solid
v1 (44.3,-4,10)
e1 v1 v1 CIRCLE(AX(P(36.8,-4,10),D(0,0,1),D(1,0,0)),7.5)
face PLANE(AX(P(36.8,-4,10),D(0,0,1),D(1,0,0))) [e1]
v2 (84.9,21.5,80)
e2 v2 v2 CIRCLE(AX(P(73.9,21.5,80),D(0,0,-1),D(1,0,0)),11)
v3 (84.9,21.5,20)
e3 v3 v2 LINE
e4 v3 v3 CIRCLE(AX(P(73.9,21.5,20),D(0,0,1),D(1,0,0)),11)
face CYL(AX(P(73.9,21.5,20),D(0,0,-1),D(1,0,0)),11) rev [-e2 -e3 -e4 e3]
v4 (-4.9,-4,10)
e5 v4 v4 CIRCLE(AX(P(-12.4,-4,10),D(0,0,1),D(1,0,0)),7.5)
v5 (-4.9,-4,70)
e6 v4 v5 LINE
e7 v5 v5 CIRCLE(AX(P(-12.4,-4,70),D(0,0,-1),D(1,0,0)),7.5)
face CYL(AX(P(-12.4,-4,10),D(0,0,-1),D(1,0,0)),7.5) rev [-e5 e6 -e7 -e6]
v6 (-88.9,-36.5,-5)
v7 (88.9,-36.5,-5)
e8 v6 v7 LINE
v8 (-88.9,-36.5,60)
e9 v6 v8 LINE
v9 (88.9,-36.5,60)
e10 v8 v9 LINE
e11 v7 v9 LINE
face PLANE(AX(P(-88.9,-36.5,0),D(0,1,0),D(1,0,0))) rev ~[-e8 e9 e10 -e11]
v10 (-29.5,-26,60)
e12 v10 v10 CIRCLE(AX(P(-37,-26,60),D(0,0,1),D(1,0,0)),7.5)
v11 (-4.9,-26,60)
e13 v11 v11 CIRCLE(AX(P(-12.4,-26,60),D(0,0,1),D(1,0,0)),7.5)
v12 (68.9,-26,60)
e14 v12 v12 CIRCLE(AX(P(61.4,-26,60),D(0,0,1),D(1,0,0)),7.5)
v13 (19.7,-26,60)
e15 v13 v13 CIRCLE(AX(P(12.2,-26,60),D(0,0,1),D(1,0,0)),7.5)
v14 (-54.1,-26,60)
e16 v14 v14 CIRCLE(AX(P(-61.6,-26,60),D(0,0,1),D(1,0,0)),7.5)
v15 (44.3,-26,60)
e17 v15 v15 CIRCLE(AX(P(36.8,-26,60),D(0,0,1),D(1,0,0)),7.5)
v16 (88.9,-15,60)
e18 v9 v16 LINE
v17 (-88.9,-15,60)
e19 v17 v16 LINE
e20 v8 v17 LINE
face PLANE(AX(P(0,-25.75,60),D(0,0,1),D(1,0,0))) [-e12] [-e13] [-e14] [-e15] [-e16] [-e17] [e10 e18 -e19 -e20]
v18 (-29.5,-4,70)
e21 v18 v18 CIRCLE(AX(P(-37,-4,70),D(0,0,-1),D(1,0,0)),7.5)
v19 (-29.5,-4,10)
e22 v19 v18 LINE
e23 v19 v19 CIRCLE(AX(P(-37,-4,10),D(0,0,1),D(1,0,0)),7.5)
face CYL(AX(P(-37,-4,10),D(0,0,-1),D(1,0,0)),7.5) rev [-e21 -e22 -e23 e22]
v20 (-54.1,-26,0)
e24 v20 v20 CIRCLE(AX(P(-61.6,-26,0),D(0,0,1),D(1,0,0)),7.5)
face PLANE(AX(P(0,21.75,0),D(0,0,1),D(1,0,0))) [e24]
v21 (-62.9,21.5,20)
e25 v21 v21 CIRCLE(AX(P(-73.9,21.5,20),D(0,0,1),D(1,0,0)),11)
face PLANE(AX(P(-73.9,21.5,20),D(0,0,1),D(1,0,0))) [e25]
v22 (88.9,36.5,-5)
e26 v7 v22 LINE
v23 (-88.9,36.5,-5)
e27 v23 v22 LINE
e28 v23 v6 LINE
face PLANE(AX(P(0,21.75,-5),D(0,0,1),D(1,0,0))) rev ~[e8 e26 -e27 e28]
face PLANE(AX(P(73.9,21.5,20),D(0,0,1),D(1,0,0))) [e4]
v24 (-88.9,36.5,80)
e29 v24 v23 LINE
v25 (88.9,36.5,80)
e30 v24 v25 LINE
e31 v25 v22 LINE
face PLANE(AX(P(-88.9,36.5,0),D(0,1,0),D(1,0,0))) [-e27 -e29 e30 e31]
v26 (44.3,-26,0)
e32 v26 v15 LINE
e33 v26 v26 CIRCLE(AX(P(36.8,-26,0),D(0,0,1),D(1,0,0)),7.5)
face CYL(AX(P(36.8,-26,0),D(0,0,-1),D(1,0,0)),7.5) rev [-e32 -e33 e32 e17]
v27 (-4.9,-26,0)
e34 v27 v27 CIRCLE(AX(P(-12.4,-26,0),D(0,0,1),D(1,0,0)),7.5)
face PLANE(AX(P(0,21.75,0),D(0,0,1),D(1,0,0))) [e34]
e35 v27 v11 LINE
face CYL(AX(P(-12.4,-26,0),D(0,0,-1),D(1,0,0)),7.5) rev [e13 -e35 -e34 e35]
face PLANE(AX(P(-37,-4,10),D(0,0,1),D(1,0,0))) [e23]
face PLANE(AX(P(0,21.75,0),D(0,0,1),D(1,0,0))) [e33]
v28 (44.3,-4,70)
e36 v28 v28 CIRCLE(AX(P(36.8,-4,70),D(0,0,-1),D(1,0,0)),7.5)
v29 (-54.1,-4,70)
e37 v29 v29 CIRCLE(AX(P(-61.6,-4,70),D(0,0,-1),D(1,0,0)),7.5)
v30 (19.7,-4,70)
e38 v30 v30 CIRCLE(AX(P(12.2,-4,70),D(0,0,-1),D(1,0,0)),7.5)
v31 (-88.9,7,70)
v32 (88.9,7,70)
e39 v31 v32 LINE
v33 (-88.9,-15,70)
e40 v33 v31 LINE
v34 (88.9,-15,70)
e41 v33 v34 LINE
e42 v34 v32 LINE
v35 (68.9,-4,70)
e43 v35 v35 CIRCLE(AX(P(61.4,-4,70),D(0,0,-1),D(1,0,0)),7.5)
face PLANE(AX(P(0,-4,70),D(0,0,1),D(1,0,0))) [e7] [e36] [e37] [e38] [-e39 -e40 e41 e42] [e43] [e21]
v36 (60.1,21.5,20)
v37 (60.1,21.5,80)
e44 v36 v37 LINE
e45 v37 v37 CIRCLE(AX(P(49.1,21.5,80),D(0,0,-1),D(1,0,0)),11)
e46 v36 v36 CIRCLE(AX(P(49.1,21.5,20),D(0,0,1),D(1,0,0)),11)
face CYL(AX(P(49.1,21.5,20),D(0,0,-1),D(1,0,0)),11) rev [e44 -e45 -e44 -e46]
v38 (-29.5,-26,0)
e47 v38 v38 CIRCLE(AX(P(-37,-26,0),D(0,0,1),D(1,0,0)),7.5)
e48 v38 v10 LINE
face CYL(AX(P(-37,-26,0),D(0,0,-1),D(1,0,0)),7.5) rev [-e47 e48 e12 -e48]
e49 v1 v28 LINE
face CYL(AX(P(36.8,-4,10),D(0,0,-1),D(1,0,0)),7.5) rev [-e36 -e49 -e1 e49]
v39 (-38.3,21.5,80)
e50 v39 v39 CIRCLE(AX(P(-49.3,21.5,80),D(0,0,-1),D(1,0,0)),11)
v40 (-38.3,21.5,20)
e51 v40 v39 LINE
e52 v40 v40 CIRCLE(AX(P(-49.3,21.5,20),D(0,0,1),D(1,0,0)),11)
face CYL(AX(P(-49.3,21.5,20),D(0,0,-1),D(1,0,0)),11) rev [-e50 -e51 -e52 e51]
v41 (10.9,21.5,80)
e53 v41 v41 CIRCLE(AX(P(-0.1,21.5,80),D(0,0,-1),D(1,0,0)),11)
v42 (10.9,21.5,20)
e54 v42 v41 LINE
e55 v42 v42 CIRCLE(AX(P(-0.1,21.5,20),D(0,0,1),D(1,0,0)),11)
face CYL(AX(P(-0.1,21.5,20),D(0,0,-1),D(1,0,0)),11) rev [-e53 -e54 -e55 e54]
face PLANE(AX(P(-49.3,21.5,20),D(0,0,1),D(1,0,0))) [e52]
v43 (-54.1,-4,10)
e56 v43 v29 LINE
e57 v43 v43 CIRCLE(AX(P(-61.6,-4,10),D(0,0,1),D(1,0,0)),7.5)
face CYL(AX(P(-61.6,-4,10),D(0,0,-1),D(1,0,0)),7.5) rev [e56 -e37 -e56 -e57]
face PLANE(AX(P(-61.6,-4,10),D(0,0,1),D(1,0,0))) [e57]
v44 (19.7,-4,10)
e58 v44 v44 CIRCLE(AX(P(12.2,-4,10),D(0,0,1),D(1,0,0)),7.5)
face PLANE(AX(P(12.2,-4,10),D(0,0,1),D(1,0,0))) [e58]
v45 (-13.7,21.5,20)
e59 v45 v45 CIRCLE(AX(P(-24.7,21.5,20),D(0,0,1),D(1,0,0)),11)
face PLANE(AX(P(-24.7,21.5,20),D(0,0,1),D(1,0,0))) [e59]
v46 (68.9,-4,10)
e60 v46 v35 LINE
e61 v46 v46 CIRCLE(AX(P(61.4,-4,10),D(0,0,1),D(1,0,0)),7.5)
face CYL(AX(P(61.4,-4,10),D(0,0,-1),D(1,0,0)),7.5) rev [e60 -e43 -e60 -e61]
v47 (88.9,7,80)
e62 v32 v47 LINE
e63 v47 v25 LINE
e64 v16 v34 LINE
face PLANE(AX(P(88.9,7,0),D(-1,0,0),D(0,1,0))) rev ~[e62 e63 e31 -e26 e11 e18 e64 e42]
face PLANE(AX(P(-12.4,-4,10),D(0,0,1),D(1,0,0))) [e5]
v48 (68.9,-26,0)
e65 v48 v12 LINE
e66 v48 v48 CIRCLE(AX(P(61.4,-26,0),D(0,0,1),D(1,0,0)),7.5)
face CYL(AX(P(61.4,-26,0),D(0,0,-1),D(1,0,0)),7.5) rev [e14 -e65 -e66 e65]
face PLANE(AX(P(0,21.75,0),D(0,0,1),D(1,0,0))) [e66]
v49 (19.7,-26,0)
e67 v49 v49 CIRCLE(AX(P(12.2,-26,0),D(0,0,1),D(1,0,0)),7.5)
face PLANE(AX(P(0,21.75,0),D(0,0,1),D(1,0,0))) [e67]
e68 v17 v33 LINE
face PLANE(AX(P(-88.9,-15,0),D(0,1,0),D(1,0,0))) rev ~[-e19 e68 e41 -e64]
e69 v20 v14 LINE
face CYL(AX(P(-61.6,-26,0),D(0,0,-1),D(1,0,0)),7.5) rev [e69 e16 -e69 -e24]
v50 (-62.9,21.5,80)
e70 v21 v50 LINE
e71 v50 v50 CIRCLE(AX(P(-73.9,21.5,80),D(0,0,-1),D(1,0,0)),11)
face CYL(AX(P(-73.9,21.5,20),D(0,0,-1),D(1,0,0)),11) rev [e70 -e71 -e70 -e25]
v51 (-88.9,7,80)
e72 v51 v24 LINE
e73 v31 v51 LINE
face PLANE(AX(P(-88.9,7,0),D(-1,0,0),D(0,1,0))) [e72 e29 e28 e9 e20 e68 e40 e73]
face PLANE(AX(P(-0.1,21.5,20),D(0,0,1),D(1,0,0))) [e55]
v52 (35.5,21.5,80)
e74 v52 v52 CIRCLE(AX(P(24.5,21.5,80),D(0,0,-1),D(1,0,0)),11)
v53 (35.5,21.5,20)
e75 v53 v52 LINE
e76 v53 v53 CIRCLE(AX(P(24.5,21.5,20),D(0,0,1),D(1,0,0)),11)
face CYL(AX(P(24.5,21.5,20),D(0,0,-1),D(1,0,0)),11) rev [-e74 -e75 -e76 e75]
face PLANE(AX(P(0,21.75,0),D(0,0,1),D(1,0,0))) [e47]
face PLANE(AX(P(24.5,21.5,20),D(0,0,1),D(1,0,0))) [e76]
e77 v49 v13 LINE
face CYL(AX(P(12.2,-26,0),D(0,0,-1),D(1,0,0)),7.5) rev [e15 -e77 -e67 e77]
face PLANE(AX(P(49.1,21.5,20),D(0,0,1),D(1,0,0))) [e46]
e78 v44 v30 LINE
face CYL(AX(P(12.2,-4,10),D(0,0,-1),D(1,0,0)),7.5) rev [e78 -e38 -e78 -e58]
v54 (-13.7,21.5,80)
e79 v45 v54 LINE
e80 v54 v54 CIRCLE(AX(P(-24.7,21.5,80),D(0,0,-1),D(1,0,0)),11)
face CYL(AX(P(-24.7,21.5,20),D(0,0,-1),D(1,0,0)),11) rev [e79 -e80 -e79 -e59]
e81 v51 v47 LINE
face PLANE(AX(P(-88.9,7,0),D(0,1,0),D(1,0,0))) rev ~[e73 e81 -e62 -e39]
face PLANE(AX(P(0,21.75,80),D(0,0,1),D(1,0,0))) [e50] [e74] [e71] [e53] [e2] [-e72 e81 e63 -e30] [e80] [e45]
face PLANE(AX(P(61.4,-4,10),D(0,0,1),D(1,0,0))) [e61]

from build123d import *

# Parameters (mm, degrees)
F0_W     = 177.8
F0_H     = 29.5
F0_R     = 11
F0_H_2   = 22
F0_R_2   = 7.5
F0_H_3   = 21.5
F1_DEPTH = 5
F2_DEPTH = 60
F3_DEPTH = 70
F4_DEPTH = 70
F7_DEPTH = 80
F8_DEPTH = 90


with BuildPart() as f1:
    # F0 (on Top) → F1 (new body)
    with BuildSketch(Plane.XY):
        with Locations((0, 21.75)):
            Rectangle(F0_W, F0_H)
        with Locations((-73.9, 21.5)):
            Circle(F0_R, mode=Mode.SUBTRACT)
        with Locations((-49.3, 21.5)):
            Circle(F0_R, mode=Mode.SUBTRACT)
        with Locations((-24.7, 21.5)):
            Circle(F0_R, mode=Mode.SUBTRACT)
        with Locations((-0.1, 21.5)):
            Circle(F0_R, mode=Mode.SUBTRACT)
        with Locations((24.5, 21.5)):
            Circle(F0_R, mode=Mode.SUBTRACT)
        with Locations((49.1, 21.5)):
            Circle(F0_R, mode=Mode.SUBTRACT)
        with Locations((73.9, 21.5)):
            Circle(F0_R, mode=Mode.SUBTRACT)
        with Locations((0, -4)):
            Rectangle(F0_W, F0_H_2)
        with Locations((-61.6, -4)):
            Circle(F0_R_2, mode=Mode.SUBTRACT)
        with Locations((-37, -4)):
            Circle(F0_R_2, mode=Mode.SUBTRACT)
        with Locations((-12.4, -4)):
            Circle(F0_R_2, mode=Mode.SUBTRACT)
        with Locations((12.2, -4)):
            Circle(F0_R_2, mode=Mode.SUBTRACT)
        with Locations((36.8, -4)):
            Circle(F0_R_2, mode=Mode.SUBTRACT)
        with Locations((61.4, -4)):
            Circle(F0_R_2, mode=Mode.SUBTRACT)
        with Locations((0, -25.75)):
            Rectangle(F0_W, F0_H_3)
        with Locations((-61.6, -26)):
            Circle(F0_R_2, mode=Mode.SUBTRACT)
        with Locations((-37, -26)):
            Circle(F0_R_2, mode=Mode.SUBTRACT)
        with Locations((-12.4, -26)):
            Circle(F0_R_2, mode=Mode.SUBTRACT)
        with Locations((12.2, -26)):
            Circle(F0_R_2, mode=Mode.SUBTRACT)
        with Locations((36.8, -26)):
            Circle(F0_R_2, mode=Mode.SUBTRACT)
        with Locations((61.4, -26)):
            Circle(F0_R_2, mode=Mode.SUBTRACT)
        with Locations((-24.7, 21.5)):
            Circle(F0_R)
        with Locations((-49.3, 21.5)):
            Circle(F0_R)
        with Locations((-73.9, 21.5)):
            Circle(F0_R)
        with Locations((24.5, 21.5)):
            Circle(F0_R)
        with Locations((73.9, 21.5)):
            Circle(F0_R)
        with Locations((49.1, 21.5)):
            Circle(F0_R)
        with Locations((-0.1, 21.5)):
            Circle(F0_R)
        with Locations((36.8, -4)):
            Circle(F0_R_2)
        with Locations((12.2, -26)):
            Circle(F0_R_2)
        with Locations((-12.4, -4)):
            Circle(F0_R_2)
        with Locations((-12.4, -26)):
            Circle(F0_R_2)
        with Locations((12.2, -4)):
            Circle(F0_R_2)
        with Locations((61.4, -4)):
            Circle(F0_R_2)
        with Locations((-37, -4)):
            Circle(F0_R_2)
        with Locations((-61.6, -4)):
            Circle(F0_R_2)
        with Locations((-37, -26)):
            Circle(F0_R_2)
        with Locations((-61.6, -26)):
            Circle(F0_R_2)
        with Locations((61.4, -26)):
            Circle(F0_R_2)
        with Locations((36.8, -26)):
            Circle(F0_R_2)
    extrude(amount=-F1_DEPTH)

    # F0 (on Top) → F2 (join)
    with BuildSketch(Plane.XY):
        with Locations((0, -25.75)):
            Rectangle(F0_W, F0_H_3)
        with Locations((-61.6, -26)):
            Circle(F0_R_2, mode=Mode.SUBTRACT)
        with Locations((-37, -26)):
            Circle(F0_R_2, mode=Mode.SUBTRACT)
        with Locations((-12.4, -26)):
            Circle(F0_R_2, mode=Mode.SUBTRACT)
        with Locations((12.2, -26)):
            Circle(F0_R_2, mode=Mode.SUBTRACT)
        with Locations((36.8, -26)):
            Circle(F0_R_2, mode=Mode.SUBTRACT)
        with Locations((61.4, -26)):
            Circle(F0_R_2, mode=Mode.SUBTRACT)
    extrude(amount=F2_DEPTH)

    # F0 (on Top) → F3 (join)
    with BuildSketch(Plane.XY):
        with Locations((0, -4)):
            Rectangle(F0_W, F0_H_2)
        with Locations((-61.6, -4)):
            Circle(F0_R_2, mode=Mode.SUBTRACT)
        with Locations((-37, -4)):
            Circle(F0_R_2, mode=Mode.SUBTRACT)
        with Locations((-12.4, -4)):
            Circle(F0_R_2, mode=Mode.SUBTRACT)
        with Locations((12.2, -4)):
            Circle(F0_R_2, mode=Mode.SUBTRACT)
        with Locations((36.8, -4)):
            Circle(F0_R_2, mode=Mode.SUBTRACT)
        with Locations((61.4, -4)):
            Circle(F0_R_2, mode=Mode.SUBTRACT)
        with Locations((-61.6, -4)):
            Circle(F0_R_2)
        with Locations((-37, -4)):
            Circle(F0_R_2)
        with Locations((-12.4, -4)):
            Circle(F0_R_2)
        with Locations((12.2, -4)):
            Circle(F0_R_2)
        with Locations((36.8, -4)):
            Circle(F0_R_2)
        with Locations((61.4, -4)):
            Circle(F0_R_2)
    extrude(amount=F3_DEPTH)


with BuildPart() as f4:
    # F0 (on Top) → F4 (new body)
    with BuildSketch(Plane.XY):
        with Locations((-61.6, -4)):
            Circle(F0_R_2)
    extrude(amount=F4_DEPTH)


with BuildPart() as f4b:
    # F0 (on Top) → F4, piece 2 (new body)
    with BuildSketch(Plane.XY):
        with Locations((-37, -4)):
            Circle(F0_R_2)
    extrude(amount=F4_DEPTH)


with BuildPart() as f4c:
    # F0 (on Top) → F4, piece 3 (new body)
    with BuildSketch(Plane.XY):
        with Locations((-12.4, -4)):
            Circle(F0_R_2)
    extrude(amount=F4_DEPTH)


with BuildPart() as f4d:
    # F0 (on Top) → F4, piece 4 (new body)
    with BuildSketch(Plane.XY):
        with Locations((12.2, -4)):
            Circle(F0_R_2)
    extrude(amount=F4_DEPTH)


with BuildPart() as f4e:
    # F0 (on Top) → F4, piece 5 (new body)
    with BuildSketch(Plane.XY):
        with Locations((36.8, -4)):
            Circle(F0_R_2)
    extrude(amount=F4_DEPTH)


with BuildPart() as f4f:
    # F0 (on Top) → F4, piece 6 (new body)
    with BuildSketch(Plane.XY):
        with Locations((61.4, -4)):
            Circle(F0_R_2)
    extrude(amount=F4_DEPTH)


with BuildPart() as f4_1:
    # F5: moved
    add(f4.part.moved(Location((0, 0, 10))))


with BuildPart() as f4b_1:
    # F5: moved
    add(f4b.part.moved(Location((0, 0, 10))))


with BuildPart() as f4c_1:
    # F5: moved
    add(f4c.part.moved(Location((0, 0, 10))))


with BuildPart() as f4d_1:
    # F5: moved
    add(f4d.part.moved(Location((0, 0, 10))))


with BuildPart() as f4e_1:
    # F5: moved
    add(f4e.part.moved(Location((0, 0, 10))))


with BuildPart() as f4f_1:
    # F5: moved
    add(f4f.part.moved(Location((0, 0, 10))))


with BuildPart() as f1_1:
    add(f1.part)

    # F6: cut F4, F4b, F4c, F4d, F4e, F4f
    add(f4_1.part, mode=Mode.SUBTRACT)
    add(f4b_1.part, mode=Mode.SUBTRACT)
    add(f4c_1.part, mode=Mode.SUBTRACT)
    add(f4d_1.part, mode=Mode.SUBTRACT)
    add(f4e_1.part, mode=Mode.SUBTRACT)
    add(f4f_1.part, mode=Mode.SUBTRACT)

    # F0 (on Top) → F7 (join)
    with BuildSketch(Plane.XY):
        with Locations((0, 21.75)):
            Rectangle(F0_W, F0_H)
        with Locations((-73.9, 21.5)):
            Circle(F0_R, mode=Mode.SUBTRACT)
        with Locations((-49.3, 21.5)):
            Circle(F0_R, mode=Mode.SUBTRACT)
        with Locations((-24.7, 21.5)):
            Circle(F0_R, mode=Mode.SUBTRACT)
        with Locations((-0.1, 21.5)):
            Circle(F0_R, mode=Mode.SUBTRACT)
        with Locations((24.5, 21.5)):
            Circle(F0_R, mode=Mode.SUBTRACT)
        with Locations((49.1, 21.5)):
            Circle(F0_R, mode=Mode.SUBTRACT)
        with Locations((73.9, 21.5)):
            Circle(F0_R, mode=Mode.SUBTRACT)
        with Locations((-73.9, 21.5)):
            Circle(F0_R)
        with Locations((-49.3, 21.5)):
            Circle(F0_R)
        with Locations((-24.7, 21.5)):
            Circle(F0_R)
        with Locations((-0.1, 21.5)):
            Circle(F0_R)
        with Locations((24.5, 21.5)):
            Circle(F0_R)
        with Locations((49.1, 21.5)):
            Circle(F0_R)
        with Locations((73.9, 21.5)):
            Circle(F0_R)
    extrude(amount=F7_DEPTH)


with BuildPart() as f8:
    # F0 (on Top) → F8 (new body)
    with BuildSketch(Plane.XY):
        with Locations((-73.9, 21.5)):
            Circle(F0_R)
    extrude(amount=F8_DEPTH)


with BuildPart() as f8b:
    # F0 (on Top) → F8, piece 2 (new body)
    with BuildSketch(Plane.XY):
        with Locations((-49.3, 21.5)):
            Circle(F0_R)
    extrude(amount=F8_DEPTH)


with BuildPart() as f8c:
    # F0 (on Top) → F8, piece 3 (new body)
    with BuildSketch(Plane.XY):
        with Locations((-24.7, 21.5)):
            Circle(F0_R)
    extrude(amount=F8_DEPTH)


with BuildPart() as f8d:
    # F0 (on Top) → F8, piece 4 (new body)
    with BuildSketch(Plane.XY):
        with Locations((-0.1, 21.5)):
            Circle(F0_R)
    extrude(amount=F8_DEPTH)


with BuildPart() as f8e:
    # F0 (on Top) → F8, piece 5 (new body)
    with BuildSketch(Plane.XY):
        with Locations((24.5, 21.5)):
            Circle(F0_R)
    extrude(amount=F8_DEPTH)


with BuildPart() as f8f:
    # F0 (on Top) → F8, piece 6 (new body)
    with BuildSketch(Plane.XY):
        with Locations((49.1, 21.5)):
            Circle(F0_R)
    extrude(amount=F8_DEPTH)


with BuildPart() as f8g:
    # F0 (on Top) → F8, piece 7 (new body)
    with BuildSketch(Plane.XY):
        with Locations((73.9, 21.5)):
            Circle(F0_R)
    extrude(amount=F8_DEPTH)


with BuildPart() as f8_1:
    # F9: moved
    add(f8.part.moved(Location((0, 0, 20))))


with BuildPart() as f8g_1:
    # F9: moved
    add(f8g.part.moved(Location((0, 0, 20))))


with BuildPart() as f8b_1:
    # F9: moved
    add(f8b.part.moved(Location((0, 0, 20))))


with BuildPart() as f8c_1:
    # F9: moved
    add(f8c.part.moved(Location((0, 0, 20))))


with BuildPart() as f8d_1:
    # F9: moved
    add(f8d.part.moved(Location((0, 0, 20))))


with BuildPart() as f8e_1:
    # F9: moved
    add(f8e.part.moved(Location((0, 0, 20))))


with BuildPart() as f8f_1:
    # F9: moved
    add(f8f.part.moved(Location((0, 0, 20))))


with BuildPart() as f1_2:
    add(f1_1.part)

    # F10: cut F8, F8g, F8b, F8c, F8d, F8e, F8f
    add(f8_1.part, mode=Mode.SUBTRACT)
    add(f8g_1.part, mode=Mode.SUBTRACT)
    add(f8b_1.part, mode=Mode.SUBTRACT)
    add(f8c_1.part, mode=Mode.SUBTRACT)
    add(f8d_1.part, mode=Mode.SUBTRACT)
    add(f8e_1.part, mode=Mode.SUBTRACT)
    add(f8f_1.part, mode=Mode.SUBTRACT)


solid = f1_2.part
